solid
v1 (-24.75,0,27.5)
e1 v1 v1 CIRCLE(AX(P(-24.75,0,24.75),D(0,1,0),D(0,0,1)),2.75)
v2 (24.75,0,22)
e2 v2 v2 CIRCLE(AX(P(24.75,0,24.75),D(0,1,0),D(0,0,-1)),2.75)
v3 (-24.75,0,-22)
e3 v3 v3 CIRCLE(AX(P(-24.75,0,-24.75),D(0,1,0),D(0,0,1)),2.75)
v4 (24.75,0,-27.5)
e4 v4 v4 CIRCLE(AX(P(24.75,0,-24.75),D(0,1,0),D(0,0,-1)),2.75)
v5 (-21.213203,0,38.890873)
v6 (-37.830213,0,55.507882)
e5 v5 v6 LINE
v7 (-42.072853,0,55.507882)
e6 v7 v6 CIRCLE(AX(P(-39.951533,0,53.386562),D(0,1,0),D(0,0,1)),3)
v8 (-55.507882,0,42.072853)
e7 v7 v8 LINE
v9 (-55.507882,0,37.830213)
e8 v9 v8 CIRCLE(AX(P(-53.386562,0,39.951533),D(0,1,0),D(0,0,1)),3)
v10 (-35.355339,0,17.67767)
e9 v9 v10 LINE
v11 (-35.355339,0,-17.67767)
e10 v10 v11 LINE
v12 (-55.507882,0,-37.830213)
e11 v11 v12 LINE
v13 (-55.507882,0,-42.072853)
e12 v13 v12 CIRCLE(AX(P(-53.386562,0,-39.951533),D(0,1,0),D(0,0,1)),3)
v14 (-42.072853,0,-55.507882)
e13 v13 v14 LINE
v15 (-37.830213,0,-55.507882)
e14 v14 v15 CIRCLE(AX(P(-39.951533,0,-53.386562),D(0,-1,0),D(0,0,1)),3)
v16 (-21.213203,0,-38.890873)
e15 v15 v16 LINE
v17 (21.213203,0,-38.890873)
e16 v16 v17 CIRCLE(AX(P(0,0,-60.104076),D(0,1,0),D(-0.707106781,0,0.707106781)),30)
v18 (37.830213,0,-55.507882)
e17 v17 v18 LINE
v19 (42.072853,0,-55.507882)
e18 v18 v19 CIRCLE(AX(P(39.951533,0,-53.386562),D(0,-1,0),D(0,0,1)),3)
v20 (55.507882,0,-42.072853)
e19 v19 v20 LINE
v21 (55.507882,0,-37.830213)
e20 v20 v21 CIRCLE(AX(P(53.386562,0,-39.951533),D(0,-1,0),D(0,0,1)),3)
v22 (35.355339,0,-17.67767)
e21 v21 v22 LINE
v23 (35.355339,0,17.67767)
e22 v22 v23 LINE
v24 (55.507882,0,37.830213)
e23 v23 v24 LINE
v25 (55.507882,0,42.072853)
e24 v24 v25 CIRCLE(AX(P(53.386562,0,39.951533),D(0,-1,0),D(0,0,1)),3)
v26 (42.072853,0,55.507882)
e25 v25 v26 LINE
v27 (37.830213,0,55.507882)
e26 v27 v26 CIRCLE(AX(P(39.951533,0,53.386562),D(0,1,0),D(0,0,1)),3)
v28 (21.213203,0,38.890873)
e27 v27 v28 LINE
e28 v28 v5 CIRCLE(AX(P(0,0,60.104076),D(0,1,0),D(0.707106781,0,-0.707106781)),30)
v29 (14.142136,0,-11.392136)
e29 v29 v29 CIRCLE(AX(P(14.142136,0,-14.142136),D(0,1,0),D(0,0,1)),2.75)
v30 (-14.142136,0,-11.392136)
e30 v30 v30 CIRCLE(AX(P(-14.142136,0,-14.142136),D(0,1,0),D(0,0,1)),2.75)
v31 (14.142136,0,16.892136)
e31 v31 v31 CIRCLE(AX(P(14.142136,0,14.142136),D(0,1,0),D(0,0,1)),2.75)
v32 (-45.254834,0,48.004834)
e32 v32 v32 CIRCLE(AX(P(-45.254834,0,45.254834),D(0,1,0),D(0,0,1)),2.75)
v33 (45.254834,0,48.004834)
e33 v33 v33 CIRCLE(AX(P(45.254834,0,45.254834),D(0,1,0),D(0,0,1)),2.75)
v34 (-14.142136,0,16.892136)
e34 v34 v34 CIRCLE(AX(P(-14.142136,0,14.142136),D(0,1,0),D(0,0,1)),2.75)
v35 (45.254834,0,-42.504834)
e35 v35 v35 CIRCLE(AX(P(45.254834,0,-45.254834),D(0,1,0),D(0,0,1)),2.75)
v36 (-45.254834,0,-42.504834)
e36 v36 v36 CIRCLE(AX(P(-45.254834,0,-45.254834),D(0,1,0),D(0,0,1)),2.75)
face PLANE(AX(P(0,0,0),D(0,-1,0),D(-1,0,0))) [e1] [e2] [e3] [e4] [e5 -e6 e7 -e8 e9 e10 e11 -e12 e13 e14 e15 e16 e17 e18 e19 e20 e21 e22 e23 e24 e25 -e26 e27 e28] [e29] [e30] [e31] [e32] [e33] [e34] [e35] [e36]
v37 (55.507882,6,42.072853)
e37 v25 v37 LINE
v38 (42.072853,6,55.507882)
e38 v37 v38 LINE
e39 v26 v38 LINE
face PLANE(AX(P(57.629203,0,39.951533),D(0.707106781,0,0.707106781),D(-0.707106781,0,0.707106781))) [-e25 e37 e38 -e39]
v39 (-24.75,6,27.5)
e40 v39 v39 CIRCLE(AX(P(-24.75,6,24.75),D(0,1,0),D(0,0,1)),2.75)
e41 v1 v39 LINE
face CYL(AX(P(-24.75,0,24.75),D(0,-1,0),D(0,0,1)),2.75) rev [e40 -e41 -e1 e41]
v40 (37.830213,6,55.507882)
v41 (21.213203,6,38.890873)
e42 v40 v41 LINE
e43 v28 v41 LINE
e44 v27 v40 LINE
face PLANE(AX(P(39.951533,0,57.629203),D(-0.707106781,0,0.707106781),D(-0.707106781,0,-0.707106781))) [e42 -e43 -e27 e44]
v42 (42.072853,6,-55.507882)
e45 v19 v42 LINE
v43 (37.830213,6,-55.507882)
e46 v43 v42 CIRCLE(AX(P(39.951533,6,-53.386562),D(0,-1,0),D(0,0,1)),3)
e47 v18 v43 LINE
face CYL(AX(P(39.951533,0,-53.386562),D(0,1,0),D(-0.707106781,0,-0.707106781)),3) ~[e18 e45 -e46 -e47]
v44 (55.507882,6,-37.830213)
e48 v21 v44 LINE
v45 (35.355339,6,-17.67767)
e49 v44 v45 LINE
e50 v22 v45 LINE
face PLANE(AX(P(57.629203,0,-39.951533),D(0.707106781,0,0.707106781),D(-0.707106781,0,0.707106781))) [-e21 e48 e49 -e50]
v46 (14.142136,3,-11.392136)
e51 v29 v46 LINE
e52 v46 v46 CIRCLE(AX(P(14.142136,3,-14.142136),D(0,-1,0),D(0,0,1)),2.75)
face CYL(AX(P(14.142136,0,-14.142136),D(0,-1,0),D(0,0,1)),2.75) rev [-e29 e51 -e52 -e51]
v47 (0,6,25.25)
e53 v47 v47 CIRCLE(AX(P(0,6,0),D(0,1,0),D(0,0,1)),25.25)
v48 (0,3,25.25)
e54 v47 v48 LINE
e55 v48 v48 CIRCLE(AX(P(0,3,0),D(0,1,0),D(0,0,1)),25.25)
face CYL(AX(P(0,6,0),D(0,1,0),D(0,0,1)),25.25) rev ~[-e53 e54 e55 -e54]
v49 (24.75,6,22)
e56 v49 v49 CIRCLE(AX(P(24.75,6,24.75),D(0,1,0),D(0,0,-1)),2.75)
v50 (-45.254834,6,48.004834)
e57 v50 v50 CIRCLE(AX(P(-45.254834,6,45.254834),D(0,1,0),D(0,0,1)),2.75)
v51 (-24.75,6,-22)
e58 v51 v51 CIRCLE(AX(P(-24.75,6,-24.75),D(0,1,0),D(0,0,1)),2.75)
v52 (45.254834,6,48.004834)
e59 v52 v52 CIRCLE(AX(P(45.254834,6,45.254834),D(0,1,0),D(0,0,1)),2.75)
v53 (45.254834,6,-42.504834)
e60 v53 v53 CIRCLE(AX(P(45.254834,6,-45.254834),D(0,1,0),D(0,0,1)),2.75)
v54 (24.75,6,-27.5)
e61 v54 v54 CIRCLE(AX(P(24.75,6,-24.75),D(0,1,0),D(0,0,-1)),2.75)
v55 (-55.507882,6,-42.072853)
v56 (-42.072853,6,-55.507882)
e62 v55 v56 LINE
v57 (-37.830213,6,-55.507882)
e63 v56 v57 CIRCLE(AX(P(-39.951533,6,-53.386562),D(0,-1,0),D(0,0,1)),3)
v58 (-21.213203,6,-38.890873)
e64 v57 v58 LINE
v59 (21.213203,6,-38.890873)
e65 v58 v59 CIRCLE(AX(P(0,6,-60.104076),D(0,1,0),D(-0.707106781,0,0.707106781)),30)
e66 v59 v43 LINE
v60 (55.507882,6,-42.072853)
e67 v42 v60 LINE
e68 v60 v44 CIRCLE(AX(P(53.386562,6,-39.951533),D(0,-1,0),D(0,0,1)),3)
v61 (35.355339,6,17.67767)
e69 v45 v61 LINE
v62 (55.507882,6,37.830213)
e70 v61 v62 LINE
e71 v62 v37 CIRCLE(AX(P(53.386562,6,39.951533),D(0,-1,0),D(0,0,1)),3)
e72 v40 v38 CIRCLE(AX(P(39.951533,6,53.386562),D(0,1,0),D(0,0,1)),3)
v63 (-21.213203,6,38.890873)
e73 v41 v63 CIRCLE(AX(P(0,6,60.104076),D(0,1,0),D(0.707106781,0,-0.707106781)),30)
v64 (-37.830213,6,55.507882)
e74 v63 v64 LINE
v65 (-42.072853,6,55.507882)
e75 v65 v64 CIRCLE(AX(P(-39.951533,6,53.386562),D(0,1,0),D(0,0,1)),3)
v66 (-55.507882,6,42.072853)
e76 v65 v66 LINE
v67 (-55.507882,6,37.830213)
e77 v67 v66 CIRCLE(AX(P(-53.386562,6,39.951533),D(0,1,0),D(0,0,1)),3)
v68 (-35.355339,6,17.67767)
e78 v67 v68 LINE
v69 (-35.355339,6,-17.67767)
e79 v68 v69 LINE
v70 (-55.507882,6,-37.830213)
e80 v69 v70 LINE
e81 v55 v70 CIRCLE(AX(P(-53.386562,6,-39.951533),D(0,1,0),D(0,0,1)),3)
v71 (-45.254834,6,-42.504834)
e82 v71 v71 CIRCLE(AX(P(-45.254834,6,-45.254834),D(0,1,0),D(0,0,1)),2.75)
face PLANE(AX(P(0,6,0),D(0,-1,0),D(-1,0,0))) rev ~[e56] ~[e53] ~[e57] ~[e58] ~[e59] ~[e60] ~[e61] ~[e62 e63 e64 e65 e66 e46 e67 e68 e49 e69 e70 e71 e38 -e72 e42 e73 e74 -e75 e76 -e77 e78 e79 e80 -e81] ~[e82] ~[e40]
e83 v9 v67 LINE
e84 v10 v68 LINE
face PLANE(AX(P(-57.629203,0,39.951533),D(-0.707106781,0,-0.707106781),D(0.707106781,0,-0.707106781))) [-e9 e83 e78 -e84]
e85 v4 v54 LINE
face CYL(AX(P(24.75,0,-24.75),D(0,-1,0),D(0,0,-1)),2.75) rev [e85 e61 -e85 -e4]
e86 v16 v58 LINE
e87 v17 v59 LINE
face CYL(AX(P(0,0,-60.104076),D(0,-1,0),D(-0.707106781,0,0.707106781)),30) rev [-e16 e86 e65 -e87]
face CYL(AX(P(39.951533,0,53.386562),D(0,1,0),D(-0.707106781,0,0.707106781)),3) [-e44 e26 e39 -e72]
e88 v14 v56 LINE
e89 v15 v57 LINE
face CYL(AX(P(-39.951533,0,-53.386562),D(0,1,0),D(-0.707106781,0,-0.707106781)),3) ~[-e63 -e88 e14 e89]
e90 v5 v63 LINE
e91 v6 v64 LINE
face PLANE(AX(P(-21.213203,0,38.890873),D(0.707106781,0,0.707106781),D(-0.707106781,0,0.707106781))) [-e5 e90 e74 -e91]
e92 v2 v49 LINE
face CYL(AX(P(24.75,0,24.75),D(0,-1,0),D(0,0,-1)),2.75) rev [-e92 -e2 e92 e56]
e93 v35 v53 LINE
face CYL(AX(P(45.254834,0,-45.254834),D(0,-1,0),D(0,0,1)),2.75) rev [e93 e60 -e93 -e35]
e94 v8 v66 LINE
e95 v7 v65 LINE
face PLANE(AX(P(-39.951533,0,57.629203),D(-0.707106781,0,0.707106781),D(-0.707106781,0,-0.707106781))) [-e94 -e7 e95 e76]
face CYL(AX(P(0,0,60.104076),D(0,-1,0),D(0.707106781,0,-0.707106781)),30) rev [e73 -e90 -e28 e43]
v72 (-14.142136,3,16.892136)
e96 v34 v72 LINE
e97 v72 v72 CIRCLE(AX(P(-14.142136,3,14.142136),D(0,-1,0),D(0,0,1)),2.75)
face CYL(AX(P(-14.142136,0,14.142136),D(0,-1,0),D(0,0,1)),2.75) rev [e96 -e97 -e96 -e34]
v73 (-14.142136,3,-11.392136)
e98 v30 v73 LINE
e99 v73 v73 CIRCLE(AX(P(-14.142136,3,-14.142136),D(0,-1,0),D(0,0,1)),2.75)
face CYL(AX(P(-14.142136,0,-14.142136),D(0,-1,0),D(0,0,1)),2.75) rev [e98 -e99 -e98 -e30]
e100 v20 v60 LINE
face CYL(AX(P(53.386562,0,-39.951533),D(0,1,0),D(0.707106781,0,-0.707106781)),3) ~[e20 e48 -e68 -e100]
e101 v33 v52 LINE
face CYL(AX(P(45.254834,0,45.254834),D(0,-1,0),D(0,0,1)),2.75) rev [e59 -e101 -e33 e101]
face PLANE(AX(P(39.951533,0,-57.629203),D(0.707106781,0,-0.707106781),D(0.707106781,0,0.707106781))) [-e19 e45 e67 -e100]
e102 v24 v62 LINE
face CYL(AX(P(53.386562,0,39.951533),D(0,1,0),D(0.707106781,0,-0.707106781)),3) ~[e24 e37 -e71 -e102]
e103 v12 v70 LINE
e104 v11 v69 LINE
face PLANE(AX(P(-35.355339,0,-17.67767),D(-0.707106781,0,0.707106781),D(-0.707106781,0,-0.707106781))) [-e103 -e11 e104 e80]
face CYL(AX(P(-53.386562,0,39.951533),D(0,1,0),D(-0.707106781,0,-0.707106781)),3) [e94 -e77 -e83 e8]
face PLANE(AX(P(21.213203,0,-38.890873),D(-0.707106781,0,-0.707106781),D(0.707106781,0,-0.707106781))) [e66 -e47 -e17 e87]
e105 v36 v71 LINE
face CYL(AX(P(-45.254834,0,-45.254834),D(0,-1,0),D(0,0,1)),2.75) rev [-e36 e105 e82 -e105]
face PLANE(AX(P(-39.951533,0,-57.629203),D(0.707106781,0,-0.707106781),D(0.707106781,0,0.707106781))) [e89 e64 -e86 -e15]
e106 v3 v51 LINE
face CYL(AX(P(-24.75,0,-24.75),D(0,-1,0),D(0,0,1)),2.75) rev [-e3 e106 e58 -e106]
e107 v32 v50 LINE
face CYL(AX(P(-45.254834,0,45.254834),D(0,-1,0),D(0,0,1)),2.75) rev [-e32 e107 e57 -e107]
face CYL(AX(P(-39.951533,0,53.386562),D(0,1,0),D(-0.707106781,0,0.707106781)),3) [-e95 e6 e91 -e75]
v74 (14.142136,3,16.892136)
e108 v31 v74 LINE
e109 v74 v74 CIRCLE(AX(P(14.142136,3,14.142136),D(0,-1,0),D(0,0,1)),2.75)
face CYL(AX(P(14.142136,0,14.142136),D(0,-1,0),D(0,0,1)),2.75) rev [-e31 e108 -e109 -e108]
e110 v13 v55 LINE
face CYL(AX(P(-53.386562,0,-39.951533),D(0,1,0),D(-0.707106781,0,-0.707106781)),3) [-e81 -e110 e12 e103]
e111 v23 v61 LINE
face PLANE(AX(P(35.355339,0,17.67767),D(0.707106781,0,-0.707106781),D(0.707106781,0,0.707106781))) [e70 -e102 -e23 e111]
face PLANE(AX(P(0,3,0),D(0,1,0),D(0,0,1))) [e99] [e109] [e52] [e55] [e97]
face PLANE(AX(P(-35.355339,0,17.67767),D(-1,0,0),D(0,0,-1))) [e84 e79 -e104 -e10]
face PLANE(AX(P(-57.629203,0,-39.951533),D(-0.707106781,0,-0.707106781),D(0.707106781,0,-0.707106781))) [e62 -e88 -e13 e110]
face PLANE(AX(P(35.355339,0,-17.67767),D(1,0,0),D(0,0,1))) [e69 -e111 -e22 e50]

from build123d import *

# Parameters (mm, degrees)
SKETCH1_R           = 2.75
BOSS_EXTRUDE1_DEPTH = 6
FILLET1_R           = 3
SKETCH2_R           = 25.25
CUT_EXTRUDE1_DEPTH  = 3


with BuildPart() as part:
    # Sketch1 → Boss-Extrude1 (new body)
    with BuildSketch(Plane(origin=(0, 0, 0), x_dir=(1, 0, 0), z_dir=(0, 1, 0))):
        with BuildLine():
            Line((-57.629202667, 39.951533137), (-39.951533137, 57.629202667))
            Line((-39.951533137, 57.629202667), (-21.213203436, 38.890872965))
            ThreePointArc((-21.213203436, 38.890872965), (0, 30.104076401), (21.213203436, 38.890872965))
            Line((21.213203436, 38.890872965), (39.951533137, 57.629202667))
            Line((39.951533137, 57.629202667), (57.629202667, 39.951533137))
            Line((57.629202667, 39.951533137), (35.355339059, 17.67766953))
            Line((35.355339059, 17.67766953), (35.355339059, -17.67766953))
            Line((35.355339059, -17.67766953), (57.629202667, -39.951533137))
            Line((57.629202667, -39.951533137), (39.951533137, -57.629202667))
            Line((39.951533137, -57.629202667), (21.213203436, -38.890872965))
            ThreePointArc((21.213203436, -38.890872965), (0, -30.104076401), (-21.213203436, -38.890872965))
            Line((-21.213203436, -38.890872965), (-39.951533137, -57.629202667))
            Line((-39.951533137, -57.629202667), (-57.629202667, -39.951533137))
            Line((-57.629202667, -39.951533137), (-35.355339059, -17.67766953))
            Line((-35.355339059, -17.67766953), (-35.355339059, 17.67766953))
            Line((-35.355339059, 17.67766953), (-57.629202667, 39.951533137))
        make_face()
        with Locations(Location((-45.254833996, 45.254833996, 0), (0, 0, 270))):
            Circle(SKETCH1_R, mode=Mode.SUBTRACT)
        with Locations(Location((45.254833996, 45.254833996, 0), (0, 0, 270))):
            Circle(SKETCH1_R, mode=Mode.SUBTRACT)
        with Locations(Location((45.254833996, -45.254833996, 0), (0, 0, 270))):
            Circle(SKETCH1_R, mode=Mode.SUBTRACT)
        with Locations(Location((-45.254833996, -45.254833996, 0), (0, 0, 270))):
            Circle(SKETCH1_R, mode=Mode.SUBTRACT)
        with Locations(Location((-24.75, 24.75, 0), (0, 0, 270))):
            Circle(SKETCH1_R, mode=Mode.SUBTRACT)
        with Locations(Location((-24.75, -24.75, 0), (0, 0, 270))):
            Circle(SKETCH1_R, mode=Mode.SUBTRACT)
        with Locations(Location((24.75, -24.75, 0), (0, 0, 90))):
            Circle(SKETCH1_R, mode=Mode.SUBTRACT)
        with Locations(Location((24.75, 24.75, 0), (0, 0, 90))):
            Circle(SKETCH1_R, mode=Mode.SUBTRACT)
        with Locations(Location((-14.142135624, 14.142135624, 0), (0, 0, 270))):
            Circle(SKETCH1_R, mode=Mode.SUBTRACT)
        with Locations(Location((14.142135624, 14.142135624, 0), (0, 0, 270))):
            Circle(SKETCH1_R, mode=Mode.SUBTRACT)
        with Locations(Location((14.142135624, -14.142135624, 0), (0, 0, 270))):
            Circle(SKETCH1_R, mode=Mode.SUBTRACT)
        with Locations(Location((-14.142135624, -14.142135624, 0), (0, 0, 270))):
            Circle(SKETCH1_R, mode=Mode.SUBTRACT)
    extrude(amount=BOSS_EXTRUDE1_DEPTH)

    # Fillet1
    fillet1_edges = [part.edges().sort_by_distance(p)[0] for p in [
        (-57.629202667, 3, -39.951533137),
        (-39.951533137, 3, -57.629202667),
        (39.951533137, 3, -57.629202667),
        (57.629202667, 3, -39.951533137),
        (57.629202667, 3, 39.951533137),
        (39.951533137, 3, 57.629202667),
        (-39.951533137, 3, 57.629202667),
        (-57.629202667, 3, 39.951533137),
    ]]
    fillet(fillet1_edges, radius=FILLET1_R)

    # Sketch2 → Cut-Extrude1 (cut)
    with BuildSketch(Plane(origin=(0, 6, 0), x_dir=(1, 0, 0), z_dir=(0, 1, 0))):
        with Locations(Location((0, 0, 0), (0, 0, 270))):
            Circle(SKETCH2_R)
    extrude(amount=-CUT_EXTRUDE1_DEPTH, mode=Mode.SUBTRACT)


solid = part.part
